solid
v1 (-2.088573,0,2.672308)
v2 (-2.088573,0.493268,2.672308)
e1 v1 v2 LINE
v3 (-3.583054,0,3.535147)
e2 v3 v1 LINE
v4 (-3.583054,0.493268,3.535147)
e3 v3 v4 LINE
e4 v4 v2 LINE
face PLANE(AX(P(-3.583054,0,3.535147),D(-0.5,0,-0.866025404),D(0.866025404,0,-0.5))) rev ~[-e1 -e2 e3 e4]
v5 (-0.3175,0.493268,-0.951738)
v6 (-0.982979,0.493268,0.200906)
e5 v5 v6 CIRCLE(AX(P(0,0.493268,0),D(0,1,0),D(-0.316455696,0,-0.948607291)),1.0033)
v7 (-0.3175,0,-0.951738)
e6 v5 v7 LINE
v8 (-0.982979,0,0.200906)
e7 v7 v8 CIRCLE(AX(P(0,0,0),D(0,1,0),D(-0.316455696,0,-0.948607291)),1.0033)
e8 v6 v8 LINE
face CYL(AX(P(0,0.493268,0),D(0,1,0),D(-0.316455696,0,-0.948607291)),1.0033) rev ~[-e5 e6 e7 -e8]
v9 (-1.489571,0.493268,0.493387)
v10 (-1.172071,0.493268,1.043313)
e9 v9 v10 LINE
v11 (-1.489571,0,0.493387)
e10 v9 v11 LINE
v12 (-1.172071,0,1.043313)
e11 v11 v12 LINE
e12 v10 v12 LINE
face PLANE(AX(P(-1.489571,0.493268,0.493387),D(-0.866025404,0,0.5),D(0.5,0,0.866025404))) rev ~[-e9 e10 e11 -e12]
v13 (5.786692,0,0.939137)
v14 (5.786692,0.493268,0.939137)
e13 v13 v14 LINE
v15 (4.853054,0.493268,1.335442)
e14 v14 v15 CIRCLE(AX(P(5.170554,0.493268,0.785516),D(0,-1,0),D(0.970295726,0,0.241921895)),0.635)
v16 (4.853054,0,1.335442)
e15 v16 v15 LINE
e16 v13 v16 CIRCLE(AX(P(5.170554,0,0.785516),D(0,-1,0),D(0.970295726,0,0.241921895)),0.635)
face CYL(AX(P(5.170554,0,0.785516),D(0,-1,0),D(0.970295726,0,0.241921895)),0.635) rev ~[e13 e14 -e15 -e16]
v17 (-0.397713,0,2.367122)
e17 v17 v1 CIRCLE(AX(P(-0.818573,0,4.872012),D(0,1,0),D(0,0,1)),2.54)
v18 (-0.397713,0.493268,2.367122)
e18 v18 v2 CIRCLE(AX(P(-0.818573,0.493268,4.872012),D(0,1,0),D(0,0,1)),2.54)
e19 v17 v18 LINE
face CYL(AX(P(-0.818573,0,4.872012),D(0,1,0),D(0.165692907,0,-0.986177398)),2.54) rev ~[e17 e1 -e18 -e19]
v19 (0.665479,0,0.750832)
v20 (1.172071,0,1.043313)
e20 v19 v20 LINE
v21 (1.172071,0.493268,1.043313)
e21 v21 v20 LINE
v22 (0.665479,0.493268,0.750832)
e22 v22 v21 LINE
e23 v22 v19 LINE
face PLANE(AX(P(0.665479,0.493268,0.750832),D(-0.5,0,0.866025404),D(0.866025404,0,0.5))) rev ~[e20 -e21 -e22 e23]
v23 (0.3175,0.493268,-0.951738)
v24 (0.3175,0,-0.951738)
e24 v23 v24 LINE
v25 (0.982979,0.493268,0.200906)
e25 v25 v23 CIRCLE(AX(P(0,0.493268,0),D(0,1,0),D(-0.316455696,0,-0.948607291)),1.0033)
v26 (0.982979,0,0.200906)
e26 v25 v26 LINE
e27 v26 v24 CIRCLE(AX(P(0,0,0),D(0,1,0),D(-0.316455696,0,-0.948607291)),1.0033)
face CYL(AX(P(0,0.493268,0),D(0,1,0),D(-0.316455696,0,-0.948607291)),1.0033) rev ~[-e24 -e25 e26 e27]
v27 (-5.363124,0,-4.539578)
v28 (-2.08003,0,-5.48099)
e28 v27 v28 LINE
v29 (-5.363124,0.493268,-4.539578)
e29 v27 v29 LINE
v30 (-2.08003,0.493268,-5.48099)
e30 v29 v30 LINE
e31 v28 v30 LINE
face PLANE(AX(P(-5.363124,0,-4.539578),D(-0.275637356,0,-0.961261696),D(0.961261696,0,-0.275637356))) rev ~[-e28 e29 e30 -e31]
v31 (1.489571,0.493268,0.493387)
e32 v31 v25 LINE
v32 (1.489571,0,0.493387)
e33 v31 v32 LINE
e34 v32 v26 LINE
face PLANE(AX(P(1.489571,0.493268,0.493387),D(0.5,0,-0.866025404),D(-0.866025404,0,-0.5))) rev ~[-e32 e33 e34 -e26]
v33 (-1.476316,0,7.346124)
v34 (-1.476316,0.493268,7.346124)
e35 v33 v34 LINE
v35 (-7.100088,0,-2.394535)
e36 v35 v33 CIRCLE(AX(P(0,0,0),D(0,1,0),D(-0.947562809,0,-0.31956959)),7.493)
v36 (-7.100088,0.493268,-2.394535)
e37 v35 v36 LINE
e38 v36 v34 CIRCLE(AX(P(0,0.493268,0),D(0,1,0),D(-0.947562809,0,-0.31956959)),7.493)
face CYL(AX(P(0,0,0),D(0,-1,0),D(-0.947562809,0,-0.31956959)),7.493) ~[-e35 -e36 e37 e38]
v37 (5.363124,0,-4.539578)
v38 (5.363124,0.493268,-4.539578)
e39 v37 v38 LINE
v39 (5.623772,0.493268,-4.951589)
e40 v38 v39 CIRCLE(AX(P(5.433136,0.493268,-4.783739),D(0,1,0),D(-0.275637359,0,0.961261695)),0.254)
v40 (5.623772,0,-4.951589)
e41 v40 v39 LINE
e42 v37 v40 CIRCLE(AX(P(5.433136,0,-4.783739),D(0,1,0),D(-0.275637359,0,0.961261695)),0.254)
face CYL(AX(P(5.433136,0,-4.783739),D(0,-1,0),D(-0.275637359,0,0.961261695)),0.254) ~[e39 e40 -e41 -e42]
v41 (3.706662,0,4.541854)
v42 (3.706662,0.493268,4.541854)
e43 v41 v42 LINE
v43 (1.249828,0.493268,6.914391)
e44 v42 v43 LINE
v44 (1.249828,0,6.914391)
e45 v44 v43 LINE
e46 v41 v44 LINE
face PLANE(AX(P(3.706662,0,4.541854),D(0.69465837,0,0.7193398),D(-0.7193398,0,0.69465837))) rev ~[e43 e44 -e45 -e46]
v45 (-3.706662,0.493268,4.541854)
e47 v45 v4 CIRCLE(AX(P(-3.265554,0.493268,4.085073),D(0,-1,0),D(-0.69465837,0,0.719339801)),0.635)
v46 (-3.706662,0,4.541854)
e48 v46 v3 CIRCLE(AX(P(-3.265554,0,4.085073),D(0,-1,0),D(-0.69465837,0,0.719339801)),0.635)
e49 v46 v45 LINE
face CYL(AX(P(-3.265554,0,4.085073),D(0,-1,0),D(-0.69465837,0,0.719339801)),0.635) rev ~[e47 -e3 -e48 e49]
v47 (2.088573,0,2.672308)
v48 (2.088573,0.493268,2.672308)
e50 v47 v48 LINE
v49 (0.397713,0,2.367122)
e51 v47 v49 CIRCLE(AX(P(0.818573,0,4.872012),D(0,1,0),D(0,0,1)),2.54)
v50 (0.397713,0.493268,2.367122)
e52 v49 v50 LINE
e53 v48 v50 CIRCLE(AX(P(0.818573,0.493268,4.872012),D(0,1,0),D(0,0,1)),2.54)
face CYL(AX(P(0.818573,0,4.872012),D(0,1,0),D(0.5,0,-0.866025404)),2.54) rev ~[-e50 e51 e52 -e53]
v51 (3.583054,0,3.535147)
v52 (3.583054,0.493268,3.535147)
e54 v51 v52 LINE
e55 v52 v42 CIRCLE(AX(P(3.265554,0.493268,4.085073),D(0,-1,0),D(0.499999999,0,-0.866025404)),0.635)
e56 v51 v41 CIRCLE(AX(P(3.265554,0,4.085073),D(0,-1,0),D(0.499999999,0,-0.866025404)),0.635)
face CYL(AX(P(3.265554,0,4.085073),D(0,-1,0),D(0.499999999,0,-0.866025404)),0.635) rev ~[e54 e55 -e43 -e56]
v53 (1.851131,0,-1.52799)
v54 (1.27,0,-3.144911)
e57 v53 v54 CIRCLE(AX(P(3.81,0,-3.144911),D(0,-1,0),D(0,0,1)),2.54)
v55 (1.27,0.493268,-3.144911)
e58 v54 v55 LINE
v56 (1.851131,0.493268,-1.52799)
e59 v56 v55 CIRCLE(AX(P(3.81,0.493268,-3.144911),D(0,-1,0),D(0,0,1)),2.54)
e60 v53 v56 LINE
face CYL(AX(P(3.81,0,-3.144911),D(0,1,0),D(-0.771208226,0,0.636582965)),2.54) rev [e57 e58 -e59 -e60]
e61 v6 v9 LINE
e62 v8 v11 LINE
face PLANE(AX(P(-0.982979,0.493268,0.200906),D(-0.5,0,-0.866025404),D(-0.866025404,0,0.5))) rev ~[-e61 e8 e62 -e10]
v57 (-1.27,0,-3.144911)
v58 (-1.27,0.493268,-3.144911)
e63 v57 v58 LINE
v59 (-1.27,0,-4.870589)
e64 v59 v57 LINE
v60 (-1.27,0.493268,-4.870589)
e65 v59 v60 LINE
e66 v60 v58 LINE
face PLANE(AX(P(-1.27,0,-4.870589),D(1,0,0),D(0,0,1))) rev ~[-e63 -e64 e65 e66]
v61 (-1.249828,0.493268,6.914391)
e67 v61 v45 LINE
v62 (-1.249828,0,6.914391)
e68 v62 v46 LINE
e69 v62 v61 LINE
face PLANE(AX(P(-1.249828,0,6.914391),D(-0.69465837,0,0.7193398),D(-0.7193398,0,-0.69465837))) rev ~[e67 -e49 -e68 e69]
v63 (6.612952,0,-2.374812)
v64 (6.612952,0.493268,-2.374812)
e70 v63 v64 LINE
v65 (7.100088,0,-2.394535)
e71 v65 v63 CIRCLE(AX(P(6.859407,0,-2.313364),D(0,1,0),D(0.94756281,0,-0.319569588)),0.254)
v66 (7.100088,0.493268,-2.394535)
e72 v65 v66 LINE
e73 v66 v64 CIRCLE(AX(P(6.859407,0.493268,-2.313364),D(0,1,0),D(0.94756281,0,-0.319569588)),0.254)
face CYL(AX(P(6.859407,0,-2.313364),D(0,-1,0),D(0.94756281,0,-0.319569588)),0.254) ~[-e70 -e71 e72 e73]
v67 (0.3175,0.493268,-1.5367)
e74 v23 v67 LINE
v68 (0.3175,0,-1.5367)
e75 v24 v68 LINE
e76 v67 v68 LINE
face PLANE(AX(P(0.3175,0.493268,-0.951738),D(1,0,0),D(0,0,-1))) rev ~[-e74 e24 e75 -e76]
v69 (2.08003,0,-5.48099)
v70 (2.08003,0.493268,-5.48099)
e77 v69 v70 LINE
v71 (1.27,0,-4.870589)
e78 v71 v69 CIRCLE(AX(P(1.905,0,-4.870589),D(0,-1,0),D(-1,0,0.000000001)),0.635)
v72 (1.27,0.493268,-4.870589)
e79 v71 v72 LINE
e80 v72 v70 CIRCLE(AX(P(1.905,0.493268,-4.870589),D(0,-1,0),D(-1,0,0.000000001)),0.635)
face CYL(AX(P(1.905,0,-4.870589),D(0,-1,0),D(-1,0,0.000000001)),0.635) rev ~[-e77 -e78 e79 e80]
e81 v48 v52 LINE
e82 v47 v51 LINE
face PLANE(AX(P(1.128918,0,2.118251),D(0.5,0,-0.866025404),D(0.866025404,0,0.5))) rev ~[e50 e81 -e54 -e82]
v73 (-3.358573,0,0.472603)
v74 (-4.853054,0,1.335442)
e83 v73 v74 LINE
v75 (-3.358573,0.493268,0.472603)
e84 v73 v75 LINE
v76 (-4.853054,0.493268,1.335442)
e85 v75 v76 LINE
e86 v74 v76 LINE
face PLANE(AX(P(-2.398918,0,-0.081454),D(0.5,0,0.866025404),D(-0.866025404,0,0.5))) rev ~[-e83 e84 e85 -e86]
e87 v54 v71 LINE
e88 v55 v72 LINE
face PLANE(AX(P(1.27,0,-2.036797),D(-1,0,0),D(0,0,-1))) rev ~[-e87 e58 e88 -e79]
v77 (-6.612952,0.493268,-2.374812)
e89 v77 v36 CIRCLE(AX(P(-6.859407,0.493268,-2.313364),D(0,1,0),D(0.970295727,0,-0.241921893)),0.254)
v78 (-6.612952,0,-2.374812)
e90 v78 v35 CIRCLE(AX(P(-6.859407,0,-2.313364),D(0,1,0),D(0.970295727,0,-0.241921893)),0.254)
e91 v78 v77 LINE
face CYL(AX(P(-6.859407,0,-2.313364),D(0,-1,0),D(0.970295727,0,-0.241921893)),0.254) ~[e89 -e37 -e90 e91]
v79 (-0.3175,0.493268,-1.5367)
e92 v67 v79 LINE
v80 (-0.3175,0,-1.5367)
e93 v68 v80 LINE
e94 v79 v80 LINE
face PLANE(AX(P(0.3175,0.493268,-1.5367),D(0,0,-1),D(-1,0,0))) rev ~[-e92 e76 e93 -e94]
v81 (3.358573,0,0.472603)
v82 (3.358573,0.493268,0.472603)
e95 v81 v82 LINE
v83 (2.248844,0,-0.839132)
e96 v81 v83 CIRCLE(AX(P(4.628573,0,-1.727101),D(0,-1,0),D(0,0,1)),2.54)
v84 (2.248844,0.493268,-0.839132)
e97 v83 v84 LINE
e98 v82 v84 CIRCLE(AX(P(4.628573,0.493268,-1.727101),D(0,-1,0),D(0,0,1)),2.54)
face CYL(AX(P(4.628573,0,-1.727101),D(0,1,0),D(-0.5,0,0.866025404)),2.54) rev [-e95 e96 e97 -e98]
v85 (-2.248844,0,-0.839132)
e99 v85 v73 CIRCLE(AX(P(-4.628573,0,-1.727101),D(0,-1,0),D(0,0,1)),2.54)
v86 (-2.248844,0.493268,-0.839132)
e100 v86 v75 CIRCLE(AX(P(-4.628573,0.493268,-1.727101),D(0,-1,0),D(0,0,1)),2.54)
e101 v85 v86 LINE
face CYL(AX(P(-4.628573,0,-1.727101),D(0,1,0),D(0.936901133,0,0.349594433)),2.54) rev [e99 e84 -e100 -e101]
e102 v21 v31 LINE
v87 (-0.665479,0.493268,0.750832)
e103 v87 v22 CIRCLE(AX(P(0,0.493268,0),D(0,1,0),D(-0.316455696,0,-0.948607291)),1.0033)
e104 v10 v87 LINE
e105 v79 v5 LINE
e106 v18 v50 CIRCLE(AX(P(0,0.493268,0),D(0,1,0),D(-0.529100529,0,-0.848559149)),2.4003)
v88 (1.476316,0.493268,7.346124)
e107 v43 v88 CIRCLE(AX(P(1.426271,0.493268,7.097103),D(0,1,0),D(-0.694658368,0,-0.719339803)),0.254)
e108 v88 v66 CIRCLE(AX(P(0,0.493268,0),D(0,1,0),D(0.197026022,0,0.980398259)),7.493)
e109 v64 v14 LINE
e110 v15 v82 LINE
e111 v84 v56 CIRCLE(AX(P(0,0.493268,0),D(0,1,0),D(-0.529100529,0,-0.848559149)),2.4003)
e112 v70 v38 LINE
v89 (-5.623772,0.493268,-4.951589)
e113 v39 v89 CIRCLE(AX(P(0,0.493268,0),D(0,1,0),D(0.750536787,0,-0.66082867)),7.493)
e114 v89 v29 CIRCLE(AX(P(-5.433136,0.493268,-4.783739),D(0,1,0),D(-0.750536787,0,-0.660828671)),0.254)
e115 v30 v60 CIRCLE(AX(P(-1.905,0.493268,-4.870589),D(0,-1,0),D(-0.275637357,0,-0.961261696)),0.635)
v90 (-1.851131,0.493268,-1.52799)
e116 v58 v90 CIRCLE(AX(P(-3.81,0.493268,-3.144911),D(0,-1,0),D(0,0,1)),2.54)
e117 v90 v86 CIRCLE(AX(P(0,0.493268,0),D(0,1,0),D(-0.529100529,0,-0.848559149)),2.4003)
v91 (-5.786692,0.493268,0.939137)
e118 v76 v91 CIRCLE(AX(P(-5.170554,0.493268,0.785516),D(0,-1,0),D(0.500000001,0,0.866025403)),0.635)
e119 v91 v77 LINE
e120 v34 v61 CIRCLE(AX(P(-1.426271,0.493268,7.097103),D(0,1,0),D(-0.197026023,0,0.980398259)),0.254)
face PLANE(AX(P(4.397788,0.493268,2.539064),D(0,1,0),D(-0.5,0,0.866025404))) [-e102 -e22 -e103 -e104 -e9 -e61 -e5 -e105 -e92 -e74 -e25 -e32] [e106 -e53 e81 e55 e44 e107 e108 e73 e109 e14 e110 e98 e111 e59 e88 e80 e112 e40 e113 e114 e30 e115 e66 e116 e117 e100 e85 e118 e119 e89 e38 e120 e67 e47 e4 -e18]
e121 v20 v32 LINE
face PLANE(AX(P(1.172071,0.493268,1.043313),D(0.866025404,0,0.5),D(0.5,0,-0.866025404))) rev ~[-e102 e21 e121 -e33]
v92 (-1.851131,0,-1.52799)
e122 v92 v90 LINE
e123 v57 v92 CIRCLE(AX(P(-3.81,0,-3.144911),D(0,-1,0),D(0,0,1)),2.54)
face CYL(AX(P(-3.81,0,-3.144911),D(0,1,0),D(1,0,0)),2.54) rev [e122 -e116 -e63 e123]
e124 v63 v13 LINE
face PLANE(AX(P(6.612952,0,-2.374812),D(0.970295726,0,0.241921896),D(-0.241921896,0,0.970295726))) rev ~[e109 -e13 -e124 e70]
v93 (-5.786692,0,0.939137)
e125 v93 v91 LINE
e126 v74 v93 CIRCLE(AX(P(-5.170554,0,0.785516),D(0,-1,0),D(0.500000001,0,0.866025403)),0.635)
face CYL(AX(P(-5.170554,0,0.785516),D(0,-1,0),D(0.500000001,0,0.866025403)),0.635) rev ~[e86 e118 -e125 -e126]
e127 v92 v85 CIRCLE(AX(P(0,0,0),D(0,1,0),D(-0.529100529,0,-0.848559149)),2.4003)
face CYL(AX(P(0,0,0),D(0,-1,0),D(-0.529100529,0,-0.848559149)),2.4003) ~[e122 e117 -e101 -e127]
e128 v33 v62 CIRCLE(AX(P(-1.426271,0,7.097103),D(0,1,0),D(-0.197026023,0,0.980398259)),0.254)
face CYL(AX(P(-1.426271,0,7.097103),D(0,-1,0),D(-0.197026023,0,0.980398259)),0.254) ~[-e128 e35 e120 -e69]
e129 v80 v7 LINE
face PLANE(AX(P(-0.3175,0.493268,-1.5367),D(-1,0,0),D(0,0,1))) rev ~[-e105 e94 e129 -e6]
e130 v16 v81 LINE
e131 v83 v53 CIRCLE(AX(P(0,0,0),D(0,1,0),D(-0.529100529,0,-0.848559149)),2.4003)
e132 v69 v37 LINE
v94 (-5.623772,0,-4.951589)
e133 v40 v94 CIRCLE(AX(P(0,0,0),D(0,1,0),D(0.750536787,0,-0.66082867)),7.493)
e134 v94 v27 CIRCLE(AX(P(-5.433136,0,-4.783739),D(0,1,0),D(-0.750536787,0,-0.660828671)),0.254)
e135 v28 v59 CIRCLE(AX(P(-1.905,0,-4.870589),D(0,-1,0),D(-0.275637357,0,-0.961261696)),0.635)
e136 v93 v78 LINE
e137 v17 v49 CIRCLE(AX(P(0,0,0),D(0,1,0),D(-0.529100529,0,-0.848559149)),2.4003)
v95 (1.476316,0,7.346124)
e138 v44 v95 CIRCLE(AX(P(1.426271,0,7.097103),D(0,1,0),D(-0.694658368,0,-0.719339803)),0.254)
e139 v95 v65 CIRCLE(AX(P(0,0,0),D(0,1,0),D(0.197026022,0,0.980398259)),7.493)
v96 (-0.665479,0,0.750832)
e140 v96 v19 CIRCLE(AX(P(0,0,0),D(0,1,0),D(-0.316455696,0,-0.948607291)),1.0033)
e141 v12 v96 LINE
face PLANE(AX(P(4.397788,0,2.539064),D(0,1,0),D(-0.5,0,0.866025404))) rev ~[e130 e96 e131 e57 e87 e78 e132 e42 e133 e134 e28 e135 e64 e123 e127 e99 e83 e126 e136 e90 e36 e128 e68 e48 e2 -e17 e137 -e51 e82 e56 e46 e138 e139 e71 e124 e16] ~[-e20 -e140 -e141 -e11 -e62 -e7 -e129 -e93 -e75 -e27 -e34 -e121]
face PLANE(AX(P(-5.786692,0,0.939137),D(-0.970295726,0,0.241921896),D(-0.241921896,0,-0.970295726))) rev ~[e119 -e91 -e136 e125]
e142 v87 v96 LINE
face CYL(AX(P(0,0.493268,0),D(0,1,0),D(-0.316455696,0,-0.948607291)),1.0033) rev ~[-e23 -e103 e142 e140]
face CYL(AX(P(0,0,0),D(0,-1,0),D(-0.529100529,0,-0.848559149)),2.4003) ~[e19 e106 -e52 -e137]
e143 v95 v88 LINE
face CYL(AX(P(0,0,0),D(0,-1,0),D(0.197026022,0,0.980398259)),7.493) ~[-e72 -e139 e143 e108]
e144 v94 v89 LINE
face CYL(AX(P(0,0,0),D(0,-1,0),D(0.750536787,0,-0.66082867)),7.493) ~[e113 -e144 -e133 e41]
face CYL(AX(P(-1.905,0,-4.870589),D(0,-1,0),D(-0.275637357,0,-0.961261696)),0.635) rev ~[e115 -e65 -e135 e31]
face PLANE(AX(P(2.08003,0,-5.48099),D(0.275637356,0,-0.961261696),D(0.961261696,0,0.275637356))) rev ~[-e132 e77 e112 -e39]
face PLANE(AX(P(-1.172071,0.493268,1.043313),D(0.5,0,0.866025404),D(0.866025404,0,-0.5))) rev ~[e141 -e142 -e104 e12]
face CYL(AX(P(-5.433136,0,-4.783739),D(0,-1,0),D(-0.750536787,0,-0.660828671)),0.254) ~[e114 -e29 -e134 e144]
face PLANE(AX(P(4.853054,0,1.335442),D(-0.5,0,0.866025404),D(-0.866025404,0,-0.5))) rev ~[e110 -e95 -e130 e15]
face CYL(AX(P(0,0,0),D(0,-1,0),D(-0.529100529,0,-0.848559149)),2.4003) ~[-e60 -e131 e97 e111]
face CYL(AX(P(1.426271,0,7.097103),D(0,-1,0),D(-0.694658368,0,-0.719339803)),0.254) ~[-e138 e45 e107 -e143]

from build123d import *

# Parameters (mm, degrees)
SKETCH1_R           = 2.4003
BOSS_EXTRUDE1_DEPTH = 0.493268
CIRPATTERN1_COUNT   = 3
SKETCH2_R           = 1.0033
CUT_EXTRUDE3_DEPTH  = 11.608176626
CIRPATTERN2_COUNT   = 3
FILLET1_R           = 2.54


with BuildPart() as part:
    # Sketch1 → Boss-Extrude1 (new body)
    with BuildSketch(Plane(origin=(0, 0, 0), x_dir=(1, 0, 0), z_dir=(0, 1, 0))):
        with BuildLine():
            ThreePointArc((-2.080029721, 5.48099038), (-1.52284746, 5.377722752), (-1.27, 4.870589203))
            Line((-1.27, 4.870589203), (-1.27, 2.036796526))
            ThreePointArc((-1.27, 2.036796526), (0, 2.4003), (1.27, 2.036796526))
            Line((1.27, 2.036796526), (1.27, 4.870589203))
            ThreePointArc((1.27, 4.870589203), (1.52284746, 5.377722752), (2.080029721, 5.48099038))
            Line((2.080029721, 5.48099038), (5.363123917, 4.539578268))
            ThreePointArc((5.363123917, 4.539578268), (5.647788598, 4.647944118), (5.62377215, 4.951589221))
            ThreePointArc((5.62377215, 4.951589221), (0, 7.493), (-5.62377215, 4.951589221))
            ThreePointArc((-5.62377215, 4.951589221), (-5.647788598, 4.647944118), (-5.363123917, 4.539578268))
            Line((-5.363123917, 4.539578268), (-2.080029721, 5.48099038))
        make_face()
        Circle(SKETCH1_R)
    boss_extrude1 = extrude(amount=BOSS_EXTRUDE1_DEPTH)

    # CirPattern1: Boss-Extrude1 ×3 about axis
    cirpattern1_axis = Axis((0, 0, 0), (0, 1, 0))
    for i in range(1, CIRPATTERN1_COUNT):
        add(boss_extrude1.rotate(cirpattern1_axis, i * 360 / CIRPATTERN1_COUNT))

    # Sketch2 → Cut-Extrude3 (cut, through all)
    with BuildSketch(Plane(origin=(0, 0.493268, 0), x_dir=(1, 0, 0), z_dir=(0, 1, 0))):
        Circle(SKETCH2_R)
        with BuildLine():
            Line((0.3175, 0.951737695), (0.3175, 1.5367))
            Line((0.3175, 1.5367), (-0.3175, 1.5367))
            Line((-0.3175, 1.5367), (-0.3175, 0.951737695))
            ThreePointArc((-0.3175, 0.951737695), (0, 1.0033), (0.3175, 0.951737695))
        make_face()
    cut_extrude3 = extrude(amount=-CUT_EXTRUDE3_DEPTH, mode=Mode.SUBTRACT)

    # CirPattern2: Cut-Extrude3 ×3 about axis
    cirpattern2_axis = Axis((0, 0, 0), (0, 1, 0))
    for i in range(1, CIRPATTERN2_COUNT):
        add(cut_extrude3.rotate(cirpattern2_axis, i * 360 / CIRPATTERN2_COUNT), mode=Mode.SUBTRACT)

    # Fillet1
    fillet1_edges = [part.edges().sort_by_distance(p)[0] for p in [
        (1.27, 0.246634, -2.036796526),
        (-1.27, 0.246634, -2.036796526),
        (2.398917534, 0.246634, -0.081454),
        (-1.128917534, 0.246634, 2.118250526),
        (-2.398917534, 0.246634, -0.081454),
        (1.128917534, 0.246634, 2.118250526),
    ]]
    fillet(fillet1_edges, radius=FILLET1_R)


solid = part.part
